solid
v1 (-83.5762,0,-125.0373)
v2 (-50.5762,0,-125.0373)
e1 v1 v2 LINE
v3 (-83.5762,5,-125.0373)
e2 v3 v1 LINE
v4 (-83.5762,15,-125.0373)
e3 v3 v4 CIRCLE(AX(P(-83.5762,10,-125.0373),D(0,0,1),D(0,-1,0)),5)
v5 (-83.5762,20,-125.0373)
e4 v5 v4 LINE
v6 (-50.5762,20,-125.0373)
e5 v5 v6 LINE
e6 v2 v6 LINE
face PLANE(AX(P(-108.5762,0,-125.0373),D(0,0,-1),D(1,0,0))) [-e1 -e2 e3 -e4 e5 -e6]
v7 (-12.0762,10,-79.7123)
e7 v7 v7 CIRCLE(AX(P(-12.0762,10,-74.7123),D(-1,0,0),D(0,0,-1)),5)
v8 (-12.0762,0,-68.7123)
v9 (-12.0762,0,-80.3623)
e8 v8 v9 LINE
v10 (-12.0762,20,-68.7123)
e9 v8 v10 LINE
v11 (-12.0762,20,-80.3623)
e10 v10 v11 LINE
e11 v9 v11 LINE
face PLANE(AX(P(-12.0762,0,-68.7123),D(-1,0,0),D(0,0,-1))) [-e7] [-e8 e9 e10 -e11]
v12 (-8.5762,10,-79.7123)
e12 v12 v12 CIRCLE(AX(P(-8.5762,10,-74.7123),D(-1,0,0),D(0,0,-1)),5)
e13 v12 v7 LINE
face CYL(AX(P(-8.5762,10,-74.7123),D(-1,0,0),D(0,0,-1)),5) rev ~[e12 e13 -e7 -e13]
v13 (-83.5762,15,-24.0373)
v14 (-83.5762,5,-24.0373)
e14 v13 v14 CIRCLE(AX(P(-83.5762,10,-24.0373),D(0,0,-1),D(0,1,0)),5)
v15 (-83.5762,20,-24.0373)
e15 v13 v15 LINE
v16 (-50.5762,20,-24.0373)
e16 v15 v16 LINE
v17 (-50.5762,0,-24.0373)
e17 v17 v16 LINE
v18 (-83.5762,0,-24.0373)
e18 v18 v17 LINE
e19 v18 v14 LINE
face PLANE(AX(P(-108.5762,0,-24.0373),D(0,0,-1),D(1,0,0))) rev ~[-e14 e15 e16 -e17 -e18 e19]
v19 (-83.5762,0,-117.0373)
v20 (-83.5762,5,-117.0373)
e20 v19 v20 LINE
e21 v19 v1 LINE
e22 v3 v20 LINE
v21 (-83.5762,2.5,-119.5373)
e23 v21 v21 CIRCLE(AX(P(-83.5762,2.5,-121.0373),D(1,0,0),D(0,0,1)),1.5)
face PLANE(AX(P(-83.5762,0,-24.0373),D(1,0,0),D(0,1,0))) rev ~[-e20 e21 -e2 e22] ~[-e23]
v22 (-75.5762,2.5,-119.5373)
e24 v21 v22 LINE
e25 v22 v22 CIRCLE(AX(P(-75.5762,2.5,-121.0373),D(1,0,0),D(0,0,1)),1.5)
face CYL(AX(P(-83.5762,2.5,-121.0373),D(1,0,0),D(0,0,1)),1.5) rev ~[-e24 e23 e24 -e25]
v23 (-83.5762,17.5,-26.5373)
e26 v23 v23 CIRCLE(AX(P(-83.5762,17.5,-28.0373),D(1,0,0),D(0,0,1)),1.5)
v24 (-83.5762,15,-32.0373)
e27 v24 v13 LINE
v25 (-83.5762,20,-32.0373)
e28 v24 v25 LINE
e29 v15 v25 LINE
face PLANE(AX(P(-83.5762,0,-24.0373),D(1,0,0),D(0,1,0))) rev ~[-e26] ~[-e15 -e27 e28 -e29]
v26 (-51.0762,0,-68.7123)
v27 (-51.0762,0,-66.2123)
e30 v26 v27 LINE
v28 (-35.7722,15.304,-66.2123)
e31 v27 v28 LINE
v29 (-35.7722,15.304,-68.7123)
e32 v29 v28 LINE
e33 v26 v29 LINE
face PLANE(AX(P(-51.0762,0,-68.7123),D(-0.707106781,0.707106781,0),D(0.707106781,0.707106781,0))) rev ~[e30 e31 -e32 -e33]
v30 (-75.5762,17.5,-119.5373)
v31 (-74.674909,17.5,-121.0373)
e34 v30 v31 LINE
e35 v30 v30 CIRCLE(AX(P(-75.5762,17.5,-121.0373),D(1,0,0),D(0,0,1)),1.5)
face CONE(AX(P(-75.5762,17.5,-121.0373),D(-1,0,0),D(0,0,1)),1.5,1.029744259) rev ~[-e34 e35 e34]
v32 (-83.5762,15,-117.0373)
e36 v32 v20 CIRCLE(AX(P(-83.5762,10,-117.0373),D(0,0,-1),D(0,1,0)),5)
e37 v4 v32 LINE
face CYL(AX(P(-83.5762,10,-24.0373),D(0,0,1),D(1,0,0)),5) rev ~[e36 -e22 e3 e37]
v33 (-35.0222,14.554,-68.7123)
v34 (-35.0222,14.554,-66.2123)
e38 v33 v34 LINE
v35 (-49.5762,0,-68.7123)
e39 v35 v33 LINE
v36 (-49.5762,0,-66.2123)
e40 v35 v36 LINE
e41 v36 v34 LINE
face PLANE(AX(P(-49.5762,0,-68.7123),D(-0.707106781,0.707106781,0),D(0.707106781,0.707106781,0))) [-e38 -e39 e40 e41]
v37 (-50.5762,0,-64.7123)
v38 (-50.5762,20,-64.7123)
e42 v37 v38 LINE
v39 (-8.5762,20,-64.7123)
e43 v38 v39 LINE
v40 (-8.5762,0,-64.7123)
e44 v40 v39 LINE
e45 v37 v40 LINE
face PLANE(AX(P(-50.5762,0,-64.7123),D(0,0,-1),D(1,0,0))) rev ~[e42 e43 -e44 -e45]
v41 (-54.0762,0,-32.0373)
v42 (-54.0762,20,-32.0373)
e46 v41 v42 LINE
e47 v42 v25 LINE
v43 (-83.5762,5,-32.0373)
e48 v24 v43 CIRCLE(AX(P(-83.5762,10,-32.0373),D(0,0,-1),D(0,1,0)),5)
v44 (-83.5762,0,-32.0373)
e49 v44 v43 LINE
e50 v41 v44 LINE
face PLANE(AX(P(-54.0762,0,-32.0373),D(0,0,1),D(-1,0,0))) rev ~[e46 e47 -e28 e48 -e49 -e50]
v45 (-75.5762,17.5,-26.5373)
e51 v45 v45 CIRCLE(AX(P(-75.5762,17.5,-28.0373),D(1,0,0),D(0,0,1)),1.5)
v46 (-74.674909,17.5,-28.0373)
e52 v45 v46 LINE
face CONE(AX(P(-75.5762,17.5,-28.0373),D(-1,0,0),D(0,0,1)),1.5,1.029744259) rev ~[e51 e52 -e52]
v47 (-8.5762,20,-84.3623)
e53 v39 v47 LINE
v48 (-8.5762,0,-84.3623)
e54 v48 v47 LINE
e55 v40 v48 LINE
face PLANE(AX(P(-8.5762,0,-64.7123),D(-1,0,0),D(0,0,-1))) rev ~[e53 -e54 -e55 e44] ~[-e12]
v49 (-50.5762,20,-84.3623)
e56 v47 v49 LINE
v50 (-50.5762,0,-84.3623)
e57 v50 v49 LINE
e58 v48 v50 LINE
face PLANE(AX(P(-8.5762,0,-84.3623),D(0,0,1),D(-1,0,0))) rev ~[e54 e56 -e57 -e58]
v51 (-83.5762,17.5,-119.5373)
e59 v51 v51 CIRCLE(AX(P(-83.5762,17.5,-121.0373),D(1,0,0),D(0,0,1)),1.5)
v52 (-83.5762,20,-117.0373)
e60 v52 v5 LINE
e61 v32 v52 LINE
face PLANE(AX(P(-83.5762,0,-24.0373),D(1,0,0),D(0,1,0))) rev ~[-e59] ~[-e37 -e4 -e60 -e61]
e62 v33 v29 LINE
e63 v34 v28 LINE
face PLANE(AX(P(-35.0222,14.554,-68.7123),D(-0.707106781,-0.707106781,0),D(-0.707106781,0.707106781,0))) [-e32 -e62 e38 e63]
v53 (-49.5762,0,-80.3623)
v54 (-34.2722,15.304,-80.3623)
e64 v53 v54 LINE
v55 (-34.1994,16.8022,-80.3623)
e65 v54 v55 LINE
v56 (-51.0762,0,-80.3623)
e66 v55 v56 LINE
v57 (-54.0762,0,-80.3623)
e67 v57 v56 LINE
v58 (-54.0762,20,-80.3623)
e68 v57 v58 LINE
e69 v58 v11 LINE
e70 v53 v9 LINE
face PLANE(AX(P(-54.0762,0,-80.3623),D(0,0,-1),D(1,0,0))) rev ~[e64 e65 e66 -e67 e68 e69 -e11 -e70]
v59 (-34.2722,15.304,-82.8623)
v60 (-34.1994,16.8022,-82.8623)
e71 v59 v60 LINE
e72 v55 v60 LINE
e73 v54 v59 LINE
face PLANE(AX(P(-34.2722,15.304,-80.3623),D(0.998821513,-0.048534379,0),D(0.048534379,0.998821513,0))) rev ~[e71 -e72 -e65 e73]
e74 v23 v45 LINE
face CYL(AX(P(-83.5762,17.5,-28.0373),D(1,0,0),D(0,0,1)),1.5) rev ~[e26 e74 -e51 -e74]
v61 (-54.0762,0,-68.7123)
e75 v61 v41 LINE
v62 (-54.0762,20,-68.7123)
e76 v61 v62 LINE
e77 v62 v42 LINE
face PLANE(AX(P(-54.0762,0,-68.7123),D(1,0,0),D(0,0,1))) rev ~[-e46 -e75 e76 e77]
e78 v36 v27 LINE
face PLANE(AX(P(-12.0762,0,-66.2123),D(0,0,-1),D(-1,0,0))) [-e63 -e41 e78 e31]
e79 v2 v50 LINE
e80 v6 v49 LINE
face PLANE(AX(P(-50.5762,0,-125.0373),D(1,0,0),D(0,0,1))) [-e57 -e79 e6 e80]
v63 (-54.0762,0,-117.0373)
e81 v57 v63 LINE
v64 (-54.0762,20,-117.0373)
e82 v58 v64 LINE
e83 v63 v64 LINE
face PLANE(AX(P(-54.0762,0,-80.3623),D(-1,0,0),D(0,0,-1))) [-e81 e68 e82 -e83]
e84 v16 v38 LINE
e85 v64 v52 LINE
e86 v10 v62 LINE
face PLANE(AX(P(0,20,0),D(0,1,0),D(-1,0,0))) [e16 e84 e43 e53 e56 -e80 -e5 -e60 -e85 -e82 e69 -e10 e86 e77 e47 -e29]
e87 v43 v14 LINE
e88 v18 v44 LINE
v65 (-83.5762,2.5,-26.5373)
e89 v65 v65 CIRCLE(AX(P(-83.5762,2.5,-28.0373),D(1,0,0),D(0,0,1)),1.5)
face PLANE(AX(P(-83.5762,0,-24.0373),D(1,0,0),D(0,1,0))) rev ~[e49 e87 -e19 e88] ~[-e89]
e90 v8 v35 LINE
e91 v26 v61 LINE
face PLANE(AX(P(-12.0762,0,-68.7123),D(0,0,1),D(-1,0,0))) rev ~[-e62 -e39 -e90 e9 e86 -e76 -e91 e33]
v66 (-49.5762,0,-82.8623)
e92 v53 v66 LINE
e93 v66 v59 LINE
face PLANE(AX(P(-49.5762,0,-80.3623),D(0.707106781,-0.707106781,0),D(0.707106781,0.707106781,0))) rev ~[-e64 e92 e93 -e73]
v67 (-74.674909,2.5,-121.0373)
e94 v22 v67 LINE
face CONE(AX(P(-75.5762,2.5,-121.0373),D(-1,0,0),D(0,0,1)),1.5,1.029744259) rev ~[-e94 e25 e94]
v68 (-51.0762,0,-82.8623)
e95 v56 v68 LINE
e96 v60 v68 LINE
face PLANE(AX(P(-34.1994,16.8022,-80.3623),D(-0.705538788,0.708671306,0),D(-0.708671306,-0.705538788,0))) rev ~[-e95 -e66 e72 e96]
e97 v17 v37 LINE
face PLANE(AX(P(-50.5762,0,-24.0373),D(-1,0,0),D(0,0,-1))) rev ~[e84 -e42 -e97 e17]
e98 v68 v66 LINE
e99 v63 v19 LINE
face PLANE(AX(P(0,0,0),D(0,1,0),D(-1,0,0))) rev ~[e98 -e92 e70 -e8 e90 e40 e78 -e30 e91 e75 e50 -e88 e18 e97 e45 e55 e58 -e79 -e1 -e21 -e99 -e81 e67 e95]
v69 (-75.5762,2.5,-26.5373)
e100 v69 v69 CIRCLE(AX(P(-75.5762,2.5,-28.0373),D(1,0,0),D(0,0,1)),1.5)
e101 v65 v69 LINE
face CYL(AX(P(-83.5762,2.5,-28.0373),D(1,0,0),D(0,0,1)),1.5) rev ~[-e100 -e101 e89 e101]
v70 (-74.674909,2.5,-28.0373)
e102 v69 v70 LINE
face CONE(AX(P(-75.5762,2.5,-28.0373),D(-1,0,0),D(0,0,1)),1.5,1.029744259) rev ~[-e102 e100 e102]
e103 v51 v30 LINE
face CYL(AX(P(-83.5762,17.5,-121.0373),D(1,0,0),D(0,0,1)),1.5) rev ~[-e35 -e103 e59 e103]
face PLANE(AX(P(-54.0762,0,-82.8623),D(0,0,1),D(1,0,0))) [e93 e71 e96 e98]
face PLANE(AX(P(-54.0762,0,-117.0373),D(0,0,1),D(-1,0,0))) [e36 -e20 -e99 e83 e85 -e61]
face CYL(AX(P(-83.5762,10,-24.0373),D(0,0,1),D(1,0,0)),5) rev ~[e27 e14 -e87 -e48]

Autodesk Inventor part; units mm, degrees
ref_plane "YZ Plane" through (0, 0, 0) normal (1, 0, 0) x (0, 1, 0)
ref_plane "XZ Plane" through (0, 0, 0) normal (0, 1, 0) x (-1, 0, 0)
ref_plane "XY Plane" through (0, 0, 0) normal (0, 0, 1) x (1, 0, 0)
sketch "Skizze1" plane through (0, 0, 0) normal (0, 1, 0) x (-1, 0, 0)
  line L0 (50.5762, -64.7123) -> (8.5762, -64.7123)
  line L1 (8.5762, -64.7123) -> (8.5762, -84.3623)
  line L2 (8.5762, -84.3623) -> (50.5762, -84.3623)
  line L3 (54.0762, -68.7123) -> (54.0762, -32.0373)
  line L4 (54.0762, -32.0373) -> (108.5762, -32.0373)
  line L5 (108.5762, -32.0373) -> (108.5762, -24.0373)
  line L6 (108.5762, -24.0373) -> (50.5762, -24.0373)
  line L7 (50.5762, -24.0373) -> (50.5762, -64.7123)
  line L8 (54.0762, -117.0373) -> (108.5762, -117.0373)
  line L9 (108.5762, -117.0373) -> (108.5762, -125.0373)
  line L10 (108.5762, -125.0373) -> (50.5762, -125.0373)
  line L11 (50.5762, -125.0373) -> (50.5762, -84.3623)
  line L12 (54.0762, -80.3623) -> (54.0762, -117.0373)
  line L13 (12.0762, -68.7123) -> (12.0762, -80.3623)
  line L14 (12.0762, -68.7123) -> (54.0762, -68.7123)
  line L15 (54.0762, -80.3623) -> (12.0762, -80.3623)
  point P0 (0, 0)
  dimension "d1" = 8
  dimension "d2" = 3.5
  dimension "d5" = 8
  dimension "d9" = 4
  dimension "d10" = 100
  dimension "d11" = 11.65
  dimension "d27" = 3.5
  dimension "d29" = 42
  dimension "d30" = 85
  dimension "d31" = 36.675
extrude "Extrusion1" add sketch "Skizze1" along normal blind 20
sketch "Skizze3" plane through (-12.0762, 0, -68.7123) normal (0, 0, -1) x (-1, 0, 0)
  line L0 (39, 0) -> (23.696, 15.304)
  line L1 (37.5, 0) -> (22.946, 14.554)
  line L2 (22.946, 14.554) -> (23.696, 15.304)
  line L3 (42, 0) -> (42, 20) projected
  line L4 (42, -13) -> (42, 0)
  line L5 (37.5, 0) -> (39, 0)
  line L6 (0, 0) -> (42, 0) projected
  point P0 (-12.0762, 0)
  point P1 (-3.5, 0)
  dimension "d19" = 1.5
  dimension "d21" = 15.304
  dimension "d26" = 41
extrude "Extrusion3" cut sketch "Skizze3" against normal blind 2.5
sketch "Skizze4" plane through (-108.5762, 0, -24.0373) normal (0, 0, 1) x (1, 0, 0)
  line L0 (0, 0) -> (0, 20) projected
  circle A0 centre (0, 10) radius 5
  point P0 (108.5762, 0)
  dimension "d32" = 10
extrude "Extrusion4" cut sketch "Skizze4" against normal blind 200
sketch "Skizze5" plane through (-54.0762, 0, -80.3623) normal (0, 0, 1) x (1, 0, 0)
  point P0 (54.0762, 0)
sketch "Skizze6" plane through (-54.0762, 0, -80.3623) normal (0, 0, 1) x (1, 0, 0)
  line L0 (0, 0) -> (42, 0) projected
  line L1 (4.5, 0) -> (19.804, 15.304)
  line L2 (19.804, 15.304) -> (19.8768, 16.8022)
  line L3 (19.8768, 16.8022) -> (3, 0)
  line L4 (0, 0) -> (0, -2.9867)
  line L5 (4.5, 0) -> (0, 0)
  point P0 (54.0762, 0)
  point P1 (45.5, 0)
  dimension "d35" = 45
  dimension "d36" = 15.304
  dimension "d37" = 1.5
  dimension "d38" = 1.5
  dimension "d39" = 41
extrude "Extrusion5" cut sketch "Skizze6" against normal blind 2.5
sketch "Skizze7" plane through (-108.5762, 20, -32.0373) normal (-1, 0, 0) x (0, 0, 1)
  line L0 (8, -5) -> (8, 0) projected
  line L1 (8, -15) -> (0, -15) projected
  line L2 (0, -5) -> (8, -5) projected
  line L3 (-93, -5) -> (-93, 0) projected
  point P0 (32.0373, -20)
  point P1 (4, -2.5)
  point P2 (3.7984, -17.5)
  point P3 (-89, -2.5)
  point P4 (-89, -17.5)
  dimension "d42" = 4
  dimension "d43" = 2.5
  dimension "d44" = 2.5
  dimension "d52" = 4
hole "Bohrung1" at (-108.5762, 17.5, -28.0373) at (-108.5762, 2.5, -28.2389) direction (1, 0, 0) diameter 2.75 depth 8 tip angle 118
sketch "Skizze8" plane through (-108.5762, 0, -125.0373) normal (-1, 0, 0) x (0, 0, 1)
  line L0 (8, 15) -> (8, 20) projected
  line L1 (0, 20) -> (8, 20) projected
  line L2 (0, 0) -> (8, 0) projected
  point P0 (125.0373, 0)
  point P1 (4, 17.5)
  point P2 (3.9503, 2.5)
  dimension "d53" = 4
  dimension "d54" = 2.5
  dimension "d55" = 2.5
hole "Bohrung2" at (-108.5762, 2.5, -121.087) at (-108.5762, 17.5, -121.0373) direction (1, 0, 0) diameter 2.75 depth 8 tip angle 118
sketch "Skizze9" plane through (-8.5762, 0, -64.7123) normal (1, 0, 0) x (0, 0, -1)
  line L0 (0, 0) -> (0, 20) projected
  line L1 (0, 0) -> (19.65, 0) projected
  point P0 (-64.7123, 0)
  point P1 (10, 10)
  dimension "d63" = 10
  dimension "d64" = 10
hole "Bohrung3" at (-8.5762, 10, -74.7123) direction (-1, 0, 0) diameter 10 depth 5 tip angle 118
sketch "Skizze12" plane through (-108.5762, 0, -24.0373) normal (0, 0, 1) x (1, 0, 0)
  line L0 (58, 20) -> (0, 20) projected
  line L1 (0, 0) -> (25, 0)
  line L2 (25, 0) -> (25, 20)
  line L3 (25, 20) -> (0, 20)
  line L4 (0, 20) -> (0, 0)
  point P0 (108.5762, 0)
  dimension "d75" = 25
  dimension "d76" = 20
extrude "Extrusion6" cut sketch "Skizze12" against normal blind 120
sketch "Skizze13" plane through (-50.5762, 0, -24.0373) normal (0, 0, 1) x (1, 0, 0)
  line L0 (-33, 0) -> (-33, 20) projected
  circle A0 centre (-33, 10) radius 5
  point P0 (50.5762, 0)
  dimension "d79" = 10
extrude "Extrusion7" cut sketch "Skizze13" against normal blind 120
sketch "Skizze14" plane through (-83.5762, 0, -32.0373) normal (-1, 0, 0) x (0, 0, 1)
  line L0 (8, 5) -> (0, 5) projected
  line L1 (0, 0) -> (0, 5) projected
  line L2 (0, 20) -> (8, 20) projected
  line L3 (8, 20) -> (8, 15) projected
  line L4 (-85, 5) -> (-93, 5) projected
  line L5 (-85, 5) -> (-85, 0) projected
  line L6 (-93, 20) -> (-85, 20) projected
  line L7 (-85, 20) -> (-85, 15) projected
  point P0 (32.0373, 0)
  point P1 (4, 2.5)
  point P2 (4, 17.5)
  point P3 (-89, 2.5)
  point P4 (-89, 17.5)
  dimension "d82" = 2.5
  dimension "d83" = 4
  dimension "d84" = 2.5
  dimension "d85" = 4
  dimension "d86" = 2.5
  dimension "d87" = 4
  dimension "d88" = 2.5
  dimension "d89" = 4
hole "Bohrung4" at (-83.5762, 2.5, -28.0373) at (-83.5762, 17.5, -28.0373) at (-83.5762, 17.5, -121.0373) at (-83.5762, 2.5, -121.0373) direction (1, 0, 0) diameter 3 depth 8 tip angle 118
ref_plane "Arbeitsebene3" through (-43.5762, 0, -64.7123) normal (1, 0, 0) x (0, 0, -1)
ref_plane "Arbeitsebene4" through (-83.5762, 17.5, -24.0373) normal (-1, 0, 0) x (0, 0, 1)
sketch "Skizze15" plane through (-83.5762, 17.5, -24.0373) normal (-1, 0, 0) x (0, 0, 1)
  point P0 (24.0373, -17.5)
  point P1 (-50.5568, -7.548)
sketch "Skizze16" plane through (-43.5762, 0, -64.7123) normal (1, 0, 0) x (0, 0, -1)
  point P0 (-64.7123, 0)
  point P1 (9.9474, 9.9802)
properties part number "Neue Grundplatte"
